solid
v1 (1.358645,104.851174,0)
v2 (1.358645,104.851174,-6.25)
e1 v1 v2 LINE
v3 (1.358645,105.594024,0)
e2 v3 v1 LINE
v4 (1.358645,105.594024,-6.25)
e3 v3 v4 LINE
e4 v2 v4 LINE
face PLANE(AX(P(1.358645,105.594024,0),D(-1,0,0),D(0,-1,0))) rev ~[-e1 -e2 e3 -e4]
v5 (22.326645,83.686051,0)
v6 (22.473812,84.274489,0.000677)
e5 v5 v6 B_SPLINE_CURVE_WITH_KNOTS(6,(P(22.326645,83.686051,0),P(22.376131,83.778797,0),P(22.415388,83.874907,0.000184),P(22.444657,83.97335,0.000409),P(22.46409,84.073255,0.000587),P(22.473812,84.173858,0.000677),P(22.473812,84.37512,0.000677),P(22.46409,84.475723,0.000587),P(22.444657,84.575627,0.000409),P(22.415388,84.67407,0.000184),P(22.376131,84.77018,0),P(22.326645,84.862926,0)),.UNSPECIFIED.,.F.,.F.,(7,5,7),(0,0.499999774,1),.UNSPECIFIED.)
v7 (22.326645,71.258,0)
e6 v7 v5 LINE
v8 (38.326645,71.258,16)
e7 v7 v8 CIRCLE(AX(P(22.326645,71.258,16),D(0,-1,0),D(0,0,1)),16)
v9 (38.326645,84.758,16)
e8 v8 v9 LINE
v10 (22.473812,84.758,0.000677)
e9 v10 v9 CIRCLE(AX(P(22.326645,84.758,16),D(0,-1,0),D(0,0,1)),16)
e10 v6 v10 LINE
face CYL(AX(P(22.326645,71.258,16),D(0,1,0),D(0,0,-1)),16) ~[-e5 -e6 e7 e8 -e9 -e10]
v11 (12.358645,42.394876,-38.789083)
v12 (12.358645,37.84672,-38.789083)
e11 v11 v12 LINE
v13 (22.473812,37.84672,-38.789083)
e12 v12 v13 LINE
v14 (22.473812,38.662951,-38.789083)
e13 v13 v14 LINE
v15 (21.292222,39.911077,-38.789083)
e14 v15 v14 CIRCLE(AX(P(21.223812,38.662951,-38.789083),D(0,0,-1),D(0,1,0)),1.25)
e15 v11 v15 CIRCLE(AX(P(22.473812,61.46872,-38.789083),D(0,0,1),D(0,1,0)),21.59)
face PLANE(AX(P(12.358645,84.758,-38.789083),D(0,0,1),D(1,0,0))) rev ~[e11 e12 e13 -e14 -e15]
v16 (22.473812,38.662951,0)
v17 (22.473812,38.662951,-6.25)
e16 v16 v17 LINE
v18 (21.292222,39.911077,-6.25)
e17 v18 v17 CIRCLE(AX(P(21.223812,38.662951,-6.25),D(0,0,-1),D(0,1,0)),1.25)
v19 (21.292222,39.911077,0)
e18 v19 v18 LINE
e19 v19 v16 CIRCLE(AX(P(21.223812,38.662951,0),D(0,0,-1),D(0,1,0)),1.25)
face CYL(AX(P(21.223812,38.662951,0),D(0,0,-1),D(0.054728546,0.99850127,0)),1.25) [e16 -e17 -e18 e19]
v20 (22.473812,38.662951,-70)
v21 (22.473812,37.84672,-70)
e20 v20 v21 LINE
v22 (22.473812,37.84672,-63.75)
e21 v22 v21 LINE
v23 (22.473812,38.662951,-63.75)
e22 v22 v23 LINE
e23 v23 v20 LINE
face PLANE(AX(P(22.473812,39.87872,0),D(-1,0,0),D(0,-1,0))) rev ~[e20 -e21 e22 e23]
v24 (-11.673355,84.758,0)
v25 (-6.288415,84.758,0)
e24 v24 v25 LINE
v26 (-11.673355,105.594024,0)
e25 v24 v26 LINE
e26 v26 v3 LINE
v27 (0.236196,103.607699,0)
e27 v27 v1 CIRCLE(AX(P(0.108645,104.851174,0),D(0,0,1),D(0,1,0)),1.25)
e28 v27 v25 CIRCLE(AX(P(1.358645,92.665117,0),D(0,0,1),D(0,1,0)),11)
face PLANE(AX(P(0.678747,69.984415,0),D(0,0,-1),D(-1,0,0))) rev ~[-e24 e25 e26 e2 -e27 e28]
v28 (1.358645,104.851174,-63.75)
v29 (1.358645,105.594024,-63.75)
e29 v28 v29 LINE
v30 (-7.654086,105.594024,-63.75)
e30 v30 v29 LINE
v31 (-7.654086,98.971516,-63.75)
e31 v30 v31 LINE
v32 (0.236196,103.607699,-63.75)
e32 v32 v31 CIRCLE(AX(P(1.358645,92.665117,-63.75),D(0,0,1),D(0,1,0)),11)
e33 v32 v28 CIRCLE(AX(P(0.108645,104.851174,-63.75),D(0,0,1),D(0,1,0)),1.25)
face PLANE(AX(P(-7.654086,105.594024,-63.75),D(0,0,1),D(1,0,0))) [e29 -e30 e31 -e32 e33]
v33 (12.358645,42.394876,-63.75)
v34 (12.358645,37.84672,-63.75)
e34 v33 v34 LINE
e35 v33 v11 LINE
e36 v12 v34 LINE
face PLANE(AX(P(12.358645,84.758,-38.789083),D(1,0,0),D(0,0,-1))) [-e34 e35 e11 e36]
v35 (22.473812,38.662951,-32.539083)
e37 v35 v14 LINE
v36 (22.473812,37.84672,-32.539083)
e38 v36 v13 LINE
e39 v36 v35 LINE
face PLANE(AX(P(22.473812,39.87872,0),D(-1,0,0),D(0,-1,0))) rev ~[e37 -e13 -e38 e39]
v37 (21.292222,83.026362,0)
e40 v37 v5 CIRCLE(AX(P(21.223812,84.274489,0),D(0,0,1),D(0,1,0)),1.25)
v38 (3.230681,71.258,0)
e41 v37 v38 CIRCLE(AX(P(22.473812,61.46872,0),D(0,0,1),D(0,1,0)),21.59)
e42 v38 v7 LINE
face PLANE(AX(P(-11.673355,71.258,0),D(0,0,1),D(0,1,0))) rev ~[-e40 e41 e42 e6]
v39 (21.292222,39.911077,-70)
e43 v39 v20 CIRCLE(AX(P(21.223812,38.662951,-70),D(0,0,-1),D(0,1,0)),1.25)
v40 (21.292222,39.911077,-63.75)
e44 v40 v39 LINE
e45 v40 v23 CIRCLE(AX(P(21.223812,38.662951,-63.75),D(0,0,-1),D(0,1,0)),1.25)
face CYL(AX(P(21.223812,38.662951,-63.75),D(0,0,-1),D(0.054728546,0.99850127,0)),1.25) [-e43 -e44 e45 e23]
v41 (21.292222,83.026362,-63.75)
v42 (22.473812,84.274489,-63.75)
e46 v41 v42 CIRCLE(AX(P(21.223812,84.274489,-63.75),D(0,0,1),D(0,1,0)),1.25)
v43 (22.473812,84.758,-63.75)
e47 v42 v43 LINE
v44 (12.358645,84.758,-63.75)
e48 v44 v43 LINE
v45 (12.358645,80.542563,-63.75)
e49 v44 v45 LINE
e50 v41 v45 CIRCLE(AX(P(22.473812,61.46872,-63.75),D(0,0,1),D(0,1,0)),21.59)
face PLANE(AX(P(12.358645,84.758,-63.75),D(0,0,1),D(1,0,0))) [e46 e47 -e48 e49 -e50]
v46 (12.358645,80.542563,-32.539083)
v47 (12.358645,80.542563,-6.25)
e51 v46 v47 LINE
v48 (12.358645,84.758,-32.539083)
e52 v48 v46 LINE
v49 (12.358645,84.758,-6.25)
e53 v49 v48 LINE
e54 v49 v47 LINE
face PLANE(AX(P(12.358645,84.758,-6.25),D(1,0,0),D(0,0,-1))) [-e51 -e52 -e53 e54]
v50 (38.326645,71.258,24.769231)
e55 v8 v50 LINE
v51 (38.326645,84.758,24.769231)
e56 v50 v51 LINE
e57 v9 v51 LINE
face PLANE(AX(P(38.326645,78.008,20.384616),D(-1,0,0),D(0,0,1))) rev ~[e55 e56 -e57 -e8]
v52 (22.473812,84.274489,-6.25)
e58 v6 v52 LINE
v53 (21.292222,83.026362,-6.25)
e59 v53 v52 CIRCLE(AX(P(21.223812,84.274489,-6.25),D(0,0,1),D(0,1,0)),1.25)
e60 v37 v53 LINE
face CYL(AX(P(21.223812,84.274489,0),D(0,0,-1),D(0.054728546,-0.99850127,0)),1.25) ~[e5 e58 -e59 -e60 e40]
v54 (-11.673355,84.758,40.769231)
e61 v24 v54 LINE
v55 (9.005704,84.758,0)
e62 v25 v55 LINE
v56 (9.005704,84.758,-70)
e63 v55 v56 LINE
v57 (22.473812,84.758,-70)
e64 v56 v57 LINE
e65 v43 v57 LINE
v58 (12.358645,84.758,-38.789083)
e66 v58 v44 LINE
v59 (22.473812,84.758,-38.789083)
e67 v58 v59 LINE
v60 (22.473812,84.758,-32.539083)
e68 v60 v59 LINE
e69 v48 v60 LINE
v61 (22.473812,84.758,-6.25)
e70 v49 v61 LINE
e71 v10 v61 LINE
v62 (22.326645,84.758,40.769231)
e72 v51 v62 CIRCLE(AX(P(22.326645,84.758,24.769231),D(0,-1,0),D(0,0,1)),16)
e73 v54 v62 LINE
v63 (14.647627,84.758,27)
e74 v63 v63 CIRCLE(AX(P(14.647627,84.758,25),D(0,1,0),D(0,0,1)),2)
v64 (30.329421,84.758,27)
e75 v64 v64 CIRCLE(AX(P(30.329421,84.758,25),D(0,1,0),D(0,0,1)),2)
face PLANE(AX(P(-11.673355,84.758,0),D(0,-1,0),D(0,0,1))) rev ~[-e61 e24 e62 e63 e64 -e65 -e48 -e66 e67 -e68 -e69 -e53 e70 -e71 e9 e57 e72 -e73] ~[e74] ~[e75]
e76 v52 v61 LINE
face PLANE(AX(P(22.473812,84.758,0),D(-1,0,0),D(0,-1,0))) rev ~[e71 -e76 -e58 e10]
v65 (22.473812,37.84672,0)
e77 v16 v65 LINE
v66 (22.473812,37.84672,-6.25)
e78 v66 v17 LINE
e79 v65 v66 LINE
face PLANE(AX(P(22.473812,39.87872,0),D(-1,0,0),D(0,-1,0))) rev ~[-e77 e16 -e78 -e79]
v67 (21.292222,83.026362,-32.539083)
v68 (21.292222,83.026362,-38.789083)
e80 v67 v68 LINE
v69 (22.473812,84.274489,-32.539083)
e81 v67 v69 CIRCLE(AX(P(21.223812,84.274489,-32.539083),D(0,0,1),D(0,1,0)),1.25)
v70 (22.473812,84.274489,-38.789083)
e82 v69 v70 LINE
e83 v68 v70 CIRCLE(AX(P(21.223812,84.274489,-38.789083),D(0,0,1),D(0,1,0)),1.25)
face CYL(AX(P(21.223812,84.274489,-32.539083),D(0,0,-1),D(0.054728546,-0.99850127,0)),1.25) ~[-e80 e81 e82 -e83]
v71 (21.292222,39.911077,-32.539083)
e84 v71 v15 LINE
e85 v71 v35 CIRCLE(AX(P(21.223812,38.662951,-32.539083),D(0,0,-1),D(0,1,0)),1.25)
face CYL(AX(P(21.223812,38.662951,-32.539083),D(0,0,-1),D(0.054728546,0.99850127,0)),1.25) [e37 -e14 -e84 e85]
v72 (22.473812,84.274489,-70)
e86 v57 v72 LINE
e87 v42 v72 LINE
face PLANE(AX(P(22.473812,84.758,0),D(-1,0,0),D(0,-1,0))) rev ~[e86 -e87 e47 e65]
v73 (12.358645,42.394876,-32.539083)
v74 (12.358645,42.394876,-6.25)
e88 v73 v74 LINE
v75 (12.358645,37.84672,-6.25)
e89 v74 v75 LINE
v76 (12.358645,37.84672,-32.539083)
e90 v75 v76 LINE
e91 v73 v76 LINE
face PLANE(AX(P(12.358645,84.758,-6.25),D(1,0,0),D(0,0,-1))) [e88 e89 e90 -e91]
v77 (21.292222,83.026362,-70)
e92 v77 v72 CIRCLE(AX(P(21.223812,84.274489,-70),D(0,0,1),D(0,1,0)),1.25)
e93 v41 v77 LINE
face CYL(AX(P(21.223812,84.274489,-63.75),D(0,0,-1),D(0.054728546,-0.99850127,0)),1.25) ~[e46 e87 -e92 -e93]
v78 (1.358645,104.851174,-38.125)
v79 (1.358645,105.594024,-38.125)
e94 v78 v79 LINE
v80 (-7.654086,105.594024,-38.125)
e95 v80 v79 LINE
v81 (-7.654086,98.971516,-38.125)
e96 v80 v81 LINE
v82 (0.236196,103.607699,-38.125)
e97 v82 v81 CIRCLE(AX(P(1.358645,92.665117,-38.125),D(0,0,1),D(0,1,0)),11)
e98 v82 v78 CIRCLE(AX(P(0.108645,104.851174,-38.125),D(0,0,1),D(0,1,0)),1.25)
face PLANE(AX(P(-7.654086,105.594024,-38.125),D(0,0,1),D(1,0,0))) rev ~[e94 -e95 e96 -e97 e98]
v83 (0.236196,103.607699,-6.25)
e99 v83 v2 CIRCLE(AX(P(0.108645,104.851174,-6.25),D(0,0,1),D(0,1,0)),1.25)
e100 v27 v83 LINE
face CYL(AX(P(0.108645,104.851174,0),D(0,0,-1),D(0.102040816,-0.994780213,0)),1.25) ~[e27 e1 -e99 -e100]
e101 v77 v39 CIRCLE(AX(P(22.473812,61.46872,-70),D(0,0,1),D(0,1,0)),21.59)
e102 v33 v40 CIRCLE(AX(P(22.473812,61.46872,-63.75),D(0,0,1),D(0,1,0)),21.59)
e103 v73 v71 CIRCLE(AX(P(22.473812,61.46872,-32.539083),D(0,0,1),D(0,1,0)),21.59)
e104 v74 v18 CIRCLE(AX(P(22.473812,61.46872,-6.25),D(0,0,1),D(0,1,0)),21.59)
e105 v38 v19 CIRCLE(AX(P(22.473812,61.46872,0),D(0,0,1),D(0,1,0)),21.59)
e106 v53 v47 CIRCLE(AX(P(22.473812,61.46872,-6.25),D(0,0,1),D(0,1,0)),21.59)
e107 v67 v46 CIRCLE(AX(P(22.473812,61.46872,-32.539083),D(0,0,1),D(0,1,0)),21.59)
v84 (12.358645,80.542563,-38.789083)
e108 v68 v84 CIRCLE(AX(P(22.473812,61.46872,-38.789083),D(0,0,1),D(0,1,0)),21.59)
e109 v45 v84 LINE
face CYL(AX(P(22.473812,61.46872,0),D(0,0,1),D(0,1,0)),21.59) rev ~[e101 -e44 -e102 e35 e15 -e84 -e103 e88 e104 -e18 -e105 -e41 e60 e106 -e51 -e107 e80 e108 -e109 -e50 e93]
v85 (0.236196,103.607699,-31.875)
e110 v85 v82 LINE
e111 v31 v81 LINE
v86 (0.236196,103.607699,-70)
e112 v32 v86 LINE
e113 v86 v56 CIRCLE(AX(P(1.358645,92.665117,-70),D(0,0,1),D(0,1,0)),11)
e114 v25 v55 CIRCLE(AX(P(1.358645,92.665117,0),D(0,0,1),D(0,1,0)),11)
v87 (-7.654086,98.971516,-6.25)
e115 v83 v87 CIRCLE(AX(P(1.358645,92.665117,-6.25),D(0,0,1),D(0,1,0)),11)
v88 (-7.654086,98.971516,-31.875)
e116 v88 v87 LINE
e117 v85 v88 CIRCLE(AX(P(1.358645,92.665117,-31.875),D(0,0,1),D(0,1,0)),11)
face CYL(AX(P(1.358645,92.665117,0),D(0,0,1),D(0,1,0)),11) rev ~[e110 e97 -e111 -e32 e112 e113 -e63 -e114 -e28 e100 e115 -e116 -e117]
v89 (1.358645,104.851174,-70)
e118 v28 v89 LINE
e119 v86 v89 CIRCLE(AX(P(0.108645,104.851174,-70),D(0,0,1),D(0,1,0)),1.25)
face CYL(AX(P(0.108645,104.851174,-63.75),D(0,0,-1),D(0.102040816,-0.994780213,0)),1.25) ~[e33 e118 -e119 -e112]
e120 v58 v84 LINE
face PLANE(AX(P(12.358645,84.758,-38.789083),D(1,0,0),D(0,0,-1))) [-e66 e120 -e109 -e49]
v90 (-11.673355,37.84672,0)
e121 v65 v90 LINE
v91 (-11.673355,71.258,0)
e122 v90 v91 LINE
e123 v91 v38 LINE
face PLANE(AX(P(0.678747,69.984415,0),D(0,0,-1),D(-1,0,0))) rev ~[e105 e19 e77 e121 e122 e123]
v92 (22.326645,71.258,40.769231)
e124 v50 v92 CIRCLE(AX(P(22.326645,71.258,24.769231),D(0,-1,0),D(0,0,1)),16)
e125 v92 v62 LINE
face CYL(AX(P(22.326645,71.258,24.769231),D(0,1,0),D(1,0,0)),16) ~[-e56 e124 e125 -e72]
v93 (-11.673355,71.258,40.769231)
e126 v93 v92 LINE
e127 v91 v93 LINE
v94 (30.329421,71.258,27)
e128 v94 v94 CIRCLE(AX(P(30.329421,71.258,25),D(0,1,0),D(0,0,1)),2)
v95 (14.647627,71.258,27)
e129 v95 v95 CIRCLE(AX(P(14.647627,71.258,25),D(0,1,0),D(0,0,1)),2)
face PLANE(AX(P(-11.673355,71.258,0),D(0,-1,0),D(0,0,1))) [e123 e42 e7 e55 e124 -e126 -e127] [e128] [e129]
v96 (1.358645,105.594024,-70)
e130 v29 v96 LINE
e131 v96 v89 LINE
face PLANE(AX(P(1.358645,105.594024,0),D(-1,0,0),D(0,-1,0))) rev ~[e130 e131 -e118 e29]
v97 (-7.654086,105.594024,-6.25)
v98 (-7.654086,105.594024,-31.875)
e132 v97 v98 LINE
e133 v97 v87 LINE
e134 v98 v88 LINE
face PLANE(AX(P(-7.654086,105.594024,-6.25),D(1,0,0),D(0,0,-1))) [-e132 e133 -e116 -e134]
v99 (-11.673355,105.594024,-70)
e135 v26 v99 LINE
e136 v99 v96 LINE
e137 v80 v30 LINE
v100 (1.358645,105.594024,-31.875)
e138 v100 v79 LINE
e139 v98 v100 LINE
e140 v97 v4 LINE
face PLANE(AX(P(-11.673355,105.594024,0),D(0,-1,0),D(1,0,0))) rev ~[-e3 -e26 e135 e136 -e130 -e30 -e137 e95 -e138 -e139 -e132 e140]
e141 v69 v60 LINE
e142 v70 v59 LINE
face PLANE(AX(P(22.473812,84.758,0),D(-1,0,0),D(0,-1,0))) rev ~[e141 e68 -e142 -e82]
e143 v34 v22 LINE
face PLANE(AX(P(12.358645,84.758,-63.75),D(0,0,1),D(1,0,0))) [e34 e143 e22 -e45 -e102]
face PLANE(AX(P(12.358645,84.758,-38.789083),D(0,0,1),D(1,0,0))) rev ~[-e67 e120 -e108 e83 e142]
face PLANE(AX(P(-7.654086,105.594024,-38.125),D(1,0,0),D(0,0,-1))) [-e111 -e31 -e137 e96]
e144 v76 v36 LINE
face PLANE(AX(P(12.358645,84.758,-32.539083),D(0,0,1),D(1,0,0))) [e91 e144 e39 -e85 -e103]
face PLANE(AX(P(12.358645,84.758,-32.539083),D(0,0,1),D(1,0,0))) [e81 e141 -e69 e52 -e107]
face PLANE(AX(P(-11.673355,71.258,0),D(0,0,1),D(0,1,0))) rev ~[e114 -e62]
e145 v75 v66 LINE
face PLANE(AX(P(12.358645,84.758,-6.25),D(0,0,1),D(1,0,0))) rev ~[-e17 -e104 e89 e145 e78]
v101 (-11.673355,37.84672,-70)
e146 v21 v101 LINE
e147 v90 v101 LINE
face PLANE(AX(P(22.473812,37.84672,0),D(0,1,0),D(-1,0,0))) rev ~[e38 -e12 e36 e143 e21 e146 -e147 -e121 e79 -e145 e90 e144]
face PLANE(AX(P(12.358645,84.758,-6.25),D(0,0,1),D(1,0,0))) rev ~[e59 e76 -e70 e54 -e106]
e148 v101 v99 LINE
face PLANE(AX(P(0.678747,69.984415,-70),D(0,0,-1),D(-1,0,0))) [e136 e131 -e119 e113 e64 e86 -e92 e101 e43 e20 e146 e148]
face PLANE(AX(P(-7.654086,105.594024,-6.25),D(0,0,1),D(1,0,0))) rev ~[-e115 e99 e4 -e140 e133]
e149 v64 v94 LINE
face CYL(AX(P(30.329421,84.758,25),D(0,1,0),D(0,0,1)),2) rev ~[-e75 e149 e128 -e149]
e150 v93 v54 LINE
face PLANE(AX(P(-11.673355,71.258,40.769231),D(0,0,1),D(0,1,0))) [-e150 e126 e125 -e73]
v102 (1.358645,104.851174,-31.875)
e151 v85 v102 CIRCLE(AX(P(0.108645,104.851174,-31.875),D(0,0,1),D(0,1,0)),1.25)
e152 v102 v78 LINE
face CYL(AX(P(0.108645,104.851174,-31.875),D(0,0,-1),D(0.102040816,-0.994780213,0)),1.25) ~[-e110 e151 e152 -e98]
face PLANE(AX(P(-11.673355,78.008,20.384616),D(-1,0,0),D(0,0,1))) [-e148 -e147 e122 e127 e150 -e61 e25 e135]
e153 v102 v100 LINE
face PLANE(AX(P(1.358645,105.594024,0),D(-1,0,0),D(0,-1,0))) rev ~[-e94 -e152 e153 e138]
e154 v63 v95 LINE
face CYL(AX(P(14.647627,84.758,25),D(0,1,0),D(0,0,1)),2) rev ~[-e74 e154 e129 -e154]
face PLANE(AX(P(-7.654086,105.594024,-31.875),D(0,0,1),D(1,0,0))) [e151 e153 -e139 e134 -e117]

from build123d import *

# Parameters (mm, degrees)
BOSS_EXTRUDE1_DEPTH = 70
SKETCH2_W           = 30.127897987
SKETCH2_H           = 25.625
CUT_EXTRUDE1_DEPTH  = 10
SKETCH3_W           = 36.135462637
SKETCH3_H           = 24.960917338
SKETCH3_H_2         = 26.289082662
CUT_EXTRUDE2_DEPTH  = 88.210896549
SKETCH5_W           = 40.769231001
SKETCH5_H           = 13.5
BOSS_EXTRUDE2_DEPTH = 50
SKETCH6_R           = 2
CUT_EXTRUDE3_DEPTH  = 50
FILLET1_R           = 1.25
FILLET2_R           = 16


with BuildPart() as part:
    # Sketch1 → Boss-Extrude1 (new body)
    with BuildSketch(Plane.XY):
        with BuildLine():
            Line((22.473811518, 84.75800041), (22.473811518, 83.058719541))
            ThreePointArc((22.473811518, 83.058719541), (0.883811518, 61.468719541), (22.473811518, 39.878719541))
            Line((22.473811518, 39.878719541), (22.473811518, 37.846719541))
            Line((22.473811518, 37.846719541), (-11.673355367, 37.846719541))
            Line((-11.673355367, 37.846719541), (-11.673355367, 105.594024014))
            Line((-11.673355367, 105.594024014), (1.358644633, 105.594024014))
            Line((1.358644633, 105.594024014), (1.358644633, 103.665116534))
            ThreePointArc((1.358644633, 103.665116534), (-8.83886186, 88.540693991), (9.005703845, 84.75800041))
            Line((9.005703845, 84.75800041), (22.473811518, 84.75800041))
        make_face()
    extrude(amount=-BOSS_EXTRUDE1_DEPTH)

    # Sketch2 → Cut-Extrude1 (cut)
    with BuildSketch(Plane(origin=(0, 105.594024014, 0), x_dir=(1, 0, 0), z_dir=(0, 1, 0))):
        with Locations((7.409862525, 50.9375)):
            Rectangle(SKETCH2_W, SKETCH2_H)
        with Locations((7.409862525, 19.0625)):
            Rectangle(SKETCH2_W, SKETCH2_H)
    extrude(amount=-CUT_EXTRUDE1_DEPTH, mode=Mode.SUBTRACT)

    # Sketch3 → Cut-Extrude2 (cut, through all)
    with BuildSketch(Plane(origin=(0, 84.75800041, 0), x_dir=(1, 0, 0), z_dir=(0, 1, 0))):
        with Locations((30.426375951, 51.269541331)):
            Rectangle(SKETCH3_W, SKETCH3_H)
        with Locations((30.426375951, 19.394541331)):
            Rectangle(SKETCH3_W, SKETCH3_H_2)
    extrude(amount=-CUT_EXTRUDE2_DEPTH, mode=Mode.SUBTRACT)

    # Sketch5 → Boss-Extrude2 (add)
    with BuildSketch(Plane.ZY.offset(11.673355367)):
        with Locations((20.384615501, 78.00800041)):
            Rectangle(SKETCH5_W, SKETCH5_H)
    extrude(amount=-BOSS_EXTRUDE2_DEPTH)

    # Sketch6 → Cut-Extrude3 (cut)
    with BuildSketch(Plane(origin=(0, 84.75800041, 0), x_dir=(1, 0, 0), z_dir=(0, 1, 0))):
        with Locations(Location((14.647627353, -25, 0), (0, 0, 270))):
            Circle(SKETCH6_R)
        with Locations(Location((30.329421103, -25, 0), (0, 0, 270))):
            Circle(SKETCH6_R)
    extrude(amount=-CUT_EXTRUDE3_DEPTH, mode=Mode.SUBTRACT)

    # Fillet1
    fillet1_edges = [part.edges().sort_by_distance(p)[0] for p in [
        (1.358644633, 103.665116534, -66.875),
        (22.473811518, 83.058719541, -66.875),
        (22.473811518, 39.878719541, -66.875),
        (1.358644633, 103.665116534, -35),
        (1.358644633, 103.665116534, -3.125),
        (22.473811518, 39.878719541, -35.664082662),
        (22.473811518, 39.878719541, -3.125),
        (22.473811518, 83.058719541, -35.664082662),
        (22.473811518, 83.058719541, -3.125),
    ]]
    fillet(fillet1_edges, radius=FILLET1_R)

    # Fillet2
    fillet2_edges = [part.edges().sort_by_distance(p)[0] for p in [
        (38.326644633, 78.00800041, 0),
        (38.326644633, 78.00800041, 40.769231001),
    ]]
    fillet(fillet2_edges, radius=FILLET2_R)


solid = part.part
